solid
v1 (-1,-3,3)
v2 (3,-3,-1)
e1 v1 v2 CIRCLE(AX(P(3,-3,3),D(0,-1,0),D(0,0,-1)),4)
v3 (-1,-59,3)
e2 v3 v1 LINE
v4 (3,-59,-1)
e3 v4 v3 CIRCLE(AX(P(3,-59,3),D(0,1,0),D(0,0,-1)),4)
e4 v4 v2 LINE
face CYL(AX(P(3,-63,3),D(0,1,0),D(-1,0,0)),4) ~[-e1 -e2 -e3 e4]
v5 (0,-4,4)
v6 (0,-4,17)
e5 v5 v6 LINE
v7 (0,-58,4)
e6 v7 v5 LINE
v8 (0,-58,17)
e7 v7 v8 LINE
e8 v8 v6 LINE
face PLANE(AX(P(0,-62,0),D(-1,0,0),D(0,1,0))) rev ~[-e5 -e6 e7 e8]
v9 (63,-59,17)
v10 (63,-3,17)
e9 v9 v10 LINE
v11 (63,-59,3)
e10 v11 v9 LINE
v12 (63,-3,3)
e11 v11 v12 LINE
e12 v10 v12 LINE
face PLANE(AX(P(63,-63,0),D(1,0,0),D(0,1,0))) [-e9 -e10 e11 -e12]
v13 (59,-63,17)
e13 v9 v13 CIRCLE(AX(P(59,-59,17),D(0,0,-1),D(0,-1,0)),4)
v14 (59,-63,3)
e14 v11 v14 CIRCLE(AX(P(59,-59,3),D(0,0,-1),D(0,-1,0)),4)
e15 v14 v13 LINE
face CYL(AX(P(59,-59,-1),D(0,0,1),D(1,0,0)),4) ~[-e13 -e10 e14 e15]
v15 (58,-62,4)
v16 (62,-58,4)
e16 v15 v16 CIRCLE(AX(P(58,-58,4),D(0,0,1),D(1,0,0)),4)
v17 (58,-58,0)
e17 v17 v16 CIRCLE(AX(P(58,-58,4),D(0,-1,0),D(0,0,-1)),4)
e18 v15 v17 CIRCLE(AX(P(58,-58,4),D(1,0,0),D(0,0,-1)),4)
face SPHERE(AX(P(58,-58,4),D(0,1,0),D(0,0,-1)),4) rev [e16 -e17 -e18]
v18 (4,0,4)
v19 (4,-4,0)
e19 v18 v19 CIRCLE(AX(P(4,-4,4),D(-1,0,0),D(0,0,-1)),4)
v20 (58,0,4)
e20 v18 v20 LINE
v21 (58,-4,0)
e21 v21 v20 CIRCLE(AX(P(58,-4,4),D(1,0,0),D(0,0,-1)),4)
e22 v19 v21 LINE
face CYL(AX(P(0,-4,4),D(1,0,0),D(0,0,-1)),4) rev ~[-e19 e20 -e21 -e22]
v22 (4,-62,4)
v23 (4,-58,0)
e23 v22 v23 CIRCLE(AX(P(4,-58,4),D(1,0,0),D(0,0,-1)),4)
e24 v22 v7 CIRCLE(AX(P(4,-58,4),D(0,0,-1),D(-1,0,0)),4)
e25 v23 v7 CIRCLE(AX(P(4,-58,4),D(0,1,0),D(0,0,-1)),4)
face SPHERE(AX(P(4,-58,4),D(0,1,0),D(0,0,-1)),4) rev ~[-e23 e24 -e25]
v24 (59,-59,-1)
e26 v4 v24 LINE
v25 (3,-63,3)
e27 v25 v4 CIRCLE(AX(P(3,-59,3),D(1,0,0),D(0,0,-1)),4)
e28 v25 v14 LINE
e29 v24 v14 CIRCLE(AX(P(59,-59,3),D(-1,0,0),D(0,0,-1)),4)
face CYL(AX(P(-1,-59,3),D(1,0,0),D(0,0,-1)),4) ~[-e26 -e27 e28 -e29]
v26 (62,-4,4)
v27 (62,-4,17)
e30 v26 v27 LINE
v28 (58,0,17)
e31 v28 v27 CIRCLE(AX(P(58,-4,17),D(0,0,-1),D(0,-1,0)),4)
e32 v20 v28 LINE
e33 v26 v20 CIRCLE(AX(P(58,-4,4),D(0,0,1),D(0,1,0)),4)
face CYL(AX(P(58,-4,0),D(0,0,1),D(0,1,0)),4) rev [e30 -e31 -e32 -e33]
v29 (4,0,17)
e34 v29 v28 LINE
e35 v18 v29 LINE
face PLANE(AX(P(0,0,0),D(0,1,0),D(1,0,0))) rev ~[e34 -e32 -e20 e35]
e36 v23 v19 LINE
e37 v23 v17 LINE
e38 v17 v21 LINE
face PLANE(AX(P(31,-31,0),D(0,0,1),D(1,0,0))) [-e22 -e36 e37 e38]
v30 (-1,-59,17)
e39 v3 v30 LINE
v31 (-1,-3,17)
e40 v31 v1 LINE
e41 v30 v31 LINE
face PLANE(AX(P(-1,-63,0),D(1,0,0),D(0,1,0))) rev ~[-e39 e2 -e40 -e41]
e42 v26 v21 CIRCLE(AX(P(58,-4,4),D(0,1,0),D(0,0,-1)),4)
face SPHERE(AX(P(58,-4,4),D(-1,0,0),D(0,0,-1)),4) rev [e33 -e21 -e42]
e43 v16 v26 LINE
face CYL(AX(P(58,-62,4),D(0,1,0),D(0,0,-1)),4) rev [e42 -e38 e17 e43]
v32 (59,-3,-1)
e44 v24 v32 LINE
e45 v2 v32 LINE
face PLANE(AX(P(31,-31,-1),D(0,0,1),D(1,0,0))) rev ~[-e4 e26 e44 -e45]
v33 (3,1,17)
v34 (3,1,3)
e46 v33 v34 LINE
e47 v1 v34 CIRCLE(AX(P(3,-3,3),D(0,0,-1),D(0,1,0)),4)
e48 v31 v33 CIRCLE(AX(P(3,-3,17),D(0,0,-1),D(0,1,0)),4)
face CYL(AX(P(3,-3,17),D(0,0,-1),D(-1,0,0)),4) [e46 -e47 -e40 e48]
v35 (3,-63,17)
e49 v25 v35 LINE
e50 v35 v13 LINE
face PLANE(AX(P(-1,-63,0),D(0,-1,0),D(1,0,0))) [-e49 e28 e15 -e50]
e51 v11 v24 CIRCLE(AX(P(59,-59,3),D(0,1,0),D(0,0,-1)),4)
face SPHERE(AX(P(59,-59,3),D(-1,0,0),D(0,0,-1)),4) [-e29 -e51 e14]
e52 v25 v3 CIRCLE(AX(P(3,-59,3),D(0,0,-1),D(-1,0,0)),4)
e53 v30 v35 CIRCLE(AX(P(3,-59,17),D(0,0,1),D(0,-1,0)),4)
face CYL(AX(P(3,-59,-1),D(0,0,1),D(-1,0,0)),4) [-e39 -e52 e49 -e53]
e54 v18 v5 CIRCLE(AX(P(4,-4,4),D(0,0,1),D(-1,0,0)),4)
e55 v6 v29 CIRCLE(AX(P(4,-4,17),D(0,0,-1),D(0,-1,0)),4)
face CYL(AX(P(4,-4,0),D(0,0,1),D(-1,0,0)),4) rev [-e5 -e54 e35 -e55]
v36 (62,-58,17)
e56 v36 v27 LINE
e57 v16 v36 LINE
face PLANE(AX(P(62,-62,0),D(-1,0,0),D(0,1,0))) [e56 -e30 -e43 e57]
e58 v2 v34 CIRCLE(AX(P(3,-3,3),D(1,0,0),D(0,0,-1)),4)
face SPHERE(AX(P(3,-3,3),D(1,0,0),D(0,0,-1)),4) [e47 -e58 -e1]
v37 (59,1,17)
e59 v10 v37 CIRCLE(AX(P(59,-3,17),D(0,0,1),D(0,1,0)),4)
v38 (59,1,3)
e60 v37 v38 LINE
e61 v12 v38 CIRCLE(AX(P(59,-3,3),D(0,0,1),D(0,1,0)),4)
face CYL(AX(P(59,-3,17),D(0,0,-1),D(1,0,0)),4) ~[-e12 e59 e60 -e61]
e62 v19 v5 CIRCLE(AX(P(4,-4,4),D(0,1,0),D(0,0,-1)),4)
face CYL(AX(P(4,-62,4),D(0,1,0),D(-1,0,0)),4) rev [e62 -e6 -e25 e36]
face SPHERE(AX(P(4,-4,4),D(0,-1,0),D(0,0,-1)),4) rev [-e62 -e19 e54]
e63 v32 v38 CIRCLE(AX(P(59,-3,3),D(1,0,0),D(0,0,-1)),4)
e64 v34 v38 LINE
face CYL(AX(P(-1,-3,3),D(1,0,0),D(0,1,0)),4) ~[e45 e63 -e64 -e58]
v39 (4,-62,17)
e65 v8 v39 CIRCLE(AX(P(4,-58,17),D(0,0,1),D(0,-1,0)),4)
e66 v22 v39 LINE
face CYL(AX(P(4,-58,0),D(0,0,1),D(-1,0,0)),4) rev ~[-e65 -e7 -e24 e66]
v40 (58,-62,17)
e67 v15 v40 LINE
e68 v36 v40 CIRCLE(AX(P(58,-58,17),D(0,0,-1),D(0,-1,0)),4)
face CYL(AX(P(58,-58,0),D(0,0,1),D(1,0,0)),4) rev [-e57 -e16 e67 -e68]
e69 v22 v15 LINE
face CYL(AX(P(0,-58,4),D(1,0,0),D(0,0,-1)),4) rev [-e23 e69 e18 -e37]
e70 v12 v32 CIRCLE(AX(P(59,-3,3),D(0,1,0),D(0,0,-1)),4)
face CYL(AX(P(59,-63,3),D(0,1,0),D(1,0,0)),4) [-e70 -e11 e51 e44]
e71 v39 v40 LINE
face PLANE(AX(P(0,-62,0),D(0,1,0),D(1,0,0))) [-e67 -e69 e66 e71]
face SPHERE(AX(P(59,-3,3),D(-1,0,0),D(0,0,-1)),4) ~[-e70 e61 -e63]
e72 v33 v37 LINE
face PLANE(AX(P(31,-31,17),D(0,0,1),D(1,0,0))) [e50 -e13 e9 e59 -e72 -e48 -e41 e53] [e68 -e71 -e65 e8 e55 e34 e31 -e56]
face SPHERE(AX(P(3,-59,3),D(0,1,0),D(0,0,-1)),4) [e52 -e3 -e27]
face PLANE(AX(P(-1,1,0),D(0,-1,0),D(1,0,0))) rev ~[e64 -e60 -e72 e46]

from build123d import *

# Parameters (mm, degrees)
F2_W     = 64
F2_H     = 64
F2_W_2   = 62
F2_H_2   = 62
F3_DEPTH = 17
F4_DEPTH = 1
F5_R     = 4


with BuildPart() as f3:
    # F2 (on Top) → F3 (new body)
    with BuildSketch(Plane.XY):
        with Locations((31, -31)):
            Rectangle(F2_W, F2_H)
        with Locations((31, -31)):
            Rectangle(F2_W_2, F2_H_2, mode=Mode.SUBTRACT)
    extrude(amount=F3_DEPTH)

    # F2 (on Top) → F4 (join)
    with BuildSketch(Plane.XY):
        with Locations((31, -31)):
            Rectangle(F2_W, F2_H)
        with Locations((31, -31)):
            Rectangle(F2_W_2, F2_H_2, mode=Mode.SUBTRACT)
        with Locations((31, -31)):
            Rectangle(F2_W_2, F2_H_2)
    extrude(amount=-F4_DEPTH)

    # F5
    f5_edges = [f3.edges().sort_by_distance(p)[0] for p in [
        (0, -31, 0),
        (31, 0, 0),
        (62, -31, 0),
        (31, -62, 0),
        (31, 1, -1),
        (-1, -31, -1),
        (31, -63, -1),
        (63, -31, -1),
        (0, -62, 8.5),
        (0, 0, 8.5),
        (62, 0, 8.5),
        (62, -62, 8.5),
        (-1, 1, 8),
        (63, 1, 8),
        (63, -63, 8),
        (-1, -63, 8),
    ]]
    fillet(f5_edges, radius=F5_R)


solid = f3.part
